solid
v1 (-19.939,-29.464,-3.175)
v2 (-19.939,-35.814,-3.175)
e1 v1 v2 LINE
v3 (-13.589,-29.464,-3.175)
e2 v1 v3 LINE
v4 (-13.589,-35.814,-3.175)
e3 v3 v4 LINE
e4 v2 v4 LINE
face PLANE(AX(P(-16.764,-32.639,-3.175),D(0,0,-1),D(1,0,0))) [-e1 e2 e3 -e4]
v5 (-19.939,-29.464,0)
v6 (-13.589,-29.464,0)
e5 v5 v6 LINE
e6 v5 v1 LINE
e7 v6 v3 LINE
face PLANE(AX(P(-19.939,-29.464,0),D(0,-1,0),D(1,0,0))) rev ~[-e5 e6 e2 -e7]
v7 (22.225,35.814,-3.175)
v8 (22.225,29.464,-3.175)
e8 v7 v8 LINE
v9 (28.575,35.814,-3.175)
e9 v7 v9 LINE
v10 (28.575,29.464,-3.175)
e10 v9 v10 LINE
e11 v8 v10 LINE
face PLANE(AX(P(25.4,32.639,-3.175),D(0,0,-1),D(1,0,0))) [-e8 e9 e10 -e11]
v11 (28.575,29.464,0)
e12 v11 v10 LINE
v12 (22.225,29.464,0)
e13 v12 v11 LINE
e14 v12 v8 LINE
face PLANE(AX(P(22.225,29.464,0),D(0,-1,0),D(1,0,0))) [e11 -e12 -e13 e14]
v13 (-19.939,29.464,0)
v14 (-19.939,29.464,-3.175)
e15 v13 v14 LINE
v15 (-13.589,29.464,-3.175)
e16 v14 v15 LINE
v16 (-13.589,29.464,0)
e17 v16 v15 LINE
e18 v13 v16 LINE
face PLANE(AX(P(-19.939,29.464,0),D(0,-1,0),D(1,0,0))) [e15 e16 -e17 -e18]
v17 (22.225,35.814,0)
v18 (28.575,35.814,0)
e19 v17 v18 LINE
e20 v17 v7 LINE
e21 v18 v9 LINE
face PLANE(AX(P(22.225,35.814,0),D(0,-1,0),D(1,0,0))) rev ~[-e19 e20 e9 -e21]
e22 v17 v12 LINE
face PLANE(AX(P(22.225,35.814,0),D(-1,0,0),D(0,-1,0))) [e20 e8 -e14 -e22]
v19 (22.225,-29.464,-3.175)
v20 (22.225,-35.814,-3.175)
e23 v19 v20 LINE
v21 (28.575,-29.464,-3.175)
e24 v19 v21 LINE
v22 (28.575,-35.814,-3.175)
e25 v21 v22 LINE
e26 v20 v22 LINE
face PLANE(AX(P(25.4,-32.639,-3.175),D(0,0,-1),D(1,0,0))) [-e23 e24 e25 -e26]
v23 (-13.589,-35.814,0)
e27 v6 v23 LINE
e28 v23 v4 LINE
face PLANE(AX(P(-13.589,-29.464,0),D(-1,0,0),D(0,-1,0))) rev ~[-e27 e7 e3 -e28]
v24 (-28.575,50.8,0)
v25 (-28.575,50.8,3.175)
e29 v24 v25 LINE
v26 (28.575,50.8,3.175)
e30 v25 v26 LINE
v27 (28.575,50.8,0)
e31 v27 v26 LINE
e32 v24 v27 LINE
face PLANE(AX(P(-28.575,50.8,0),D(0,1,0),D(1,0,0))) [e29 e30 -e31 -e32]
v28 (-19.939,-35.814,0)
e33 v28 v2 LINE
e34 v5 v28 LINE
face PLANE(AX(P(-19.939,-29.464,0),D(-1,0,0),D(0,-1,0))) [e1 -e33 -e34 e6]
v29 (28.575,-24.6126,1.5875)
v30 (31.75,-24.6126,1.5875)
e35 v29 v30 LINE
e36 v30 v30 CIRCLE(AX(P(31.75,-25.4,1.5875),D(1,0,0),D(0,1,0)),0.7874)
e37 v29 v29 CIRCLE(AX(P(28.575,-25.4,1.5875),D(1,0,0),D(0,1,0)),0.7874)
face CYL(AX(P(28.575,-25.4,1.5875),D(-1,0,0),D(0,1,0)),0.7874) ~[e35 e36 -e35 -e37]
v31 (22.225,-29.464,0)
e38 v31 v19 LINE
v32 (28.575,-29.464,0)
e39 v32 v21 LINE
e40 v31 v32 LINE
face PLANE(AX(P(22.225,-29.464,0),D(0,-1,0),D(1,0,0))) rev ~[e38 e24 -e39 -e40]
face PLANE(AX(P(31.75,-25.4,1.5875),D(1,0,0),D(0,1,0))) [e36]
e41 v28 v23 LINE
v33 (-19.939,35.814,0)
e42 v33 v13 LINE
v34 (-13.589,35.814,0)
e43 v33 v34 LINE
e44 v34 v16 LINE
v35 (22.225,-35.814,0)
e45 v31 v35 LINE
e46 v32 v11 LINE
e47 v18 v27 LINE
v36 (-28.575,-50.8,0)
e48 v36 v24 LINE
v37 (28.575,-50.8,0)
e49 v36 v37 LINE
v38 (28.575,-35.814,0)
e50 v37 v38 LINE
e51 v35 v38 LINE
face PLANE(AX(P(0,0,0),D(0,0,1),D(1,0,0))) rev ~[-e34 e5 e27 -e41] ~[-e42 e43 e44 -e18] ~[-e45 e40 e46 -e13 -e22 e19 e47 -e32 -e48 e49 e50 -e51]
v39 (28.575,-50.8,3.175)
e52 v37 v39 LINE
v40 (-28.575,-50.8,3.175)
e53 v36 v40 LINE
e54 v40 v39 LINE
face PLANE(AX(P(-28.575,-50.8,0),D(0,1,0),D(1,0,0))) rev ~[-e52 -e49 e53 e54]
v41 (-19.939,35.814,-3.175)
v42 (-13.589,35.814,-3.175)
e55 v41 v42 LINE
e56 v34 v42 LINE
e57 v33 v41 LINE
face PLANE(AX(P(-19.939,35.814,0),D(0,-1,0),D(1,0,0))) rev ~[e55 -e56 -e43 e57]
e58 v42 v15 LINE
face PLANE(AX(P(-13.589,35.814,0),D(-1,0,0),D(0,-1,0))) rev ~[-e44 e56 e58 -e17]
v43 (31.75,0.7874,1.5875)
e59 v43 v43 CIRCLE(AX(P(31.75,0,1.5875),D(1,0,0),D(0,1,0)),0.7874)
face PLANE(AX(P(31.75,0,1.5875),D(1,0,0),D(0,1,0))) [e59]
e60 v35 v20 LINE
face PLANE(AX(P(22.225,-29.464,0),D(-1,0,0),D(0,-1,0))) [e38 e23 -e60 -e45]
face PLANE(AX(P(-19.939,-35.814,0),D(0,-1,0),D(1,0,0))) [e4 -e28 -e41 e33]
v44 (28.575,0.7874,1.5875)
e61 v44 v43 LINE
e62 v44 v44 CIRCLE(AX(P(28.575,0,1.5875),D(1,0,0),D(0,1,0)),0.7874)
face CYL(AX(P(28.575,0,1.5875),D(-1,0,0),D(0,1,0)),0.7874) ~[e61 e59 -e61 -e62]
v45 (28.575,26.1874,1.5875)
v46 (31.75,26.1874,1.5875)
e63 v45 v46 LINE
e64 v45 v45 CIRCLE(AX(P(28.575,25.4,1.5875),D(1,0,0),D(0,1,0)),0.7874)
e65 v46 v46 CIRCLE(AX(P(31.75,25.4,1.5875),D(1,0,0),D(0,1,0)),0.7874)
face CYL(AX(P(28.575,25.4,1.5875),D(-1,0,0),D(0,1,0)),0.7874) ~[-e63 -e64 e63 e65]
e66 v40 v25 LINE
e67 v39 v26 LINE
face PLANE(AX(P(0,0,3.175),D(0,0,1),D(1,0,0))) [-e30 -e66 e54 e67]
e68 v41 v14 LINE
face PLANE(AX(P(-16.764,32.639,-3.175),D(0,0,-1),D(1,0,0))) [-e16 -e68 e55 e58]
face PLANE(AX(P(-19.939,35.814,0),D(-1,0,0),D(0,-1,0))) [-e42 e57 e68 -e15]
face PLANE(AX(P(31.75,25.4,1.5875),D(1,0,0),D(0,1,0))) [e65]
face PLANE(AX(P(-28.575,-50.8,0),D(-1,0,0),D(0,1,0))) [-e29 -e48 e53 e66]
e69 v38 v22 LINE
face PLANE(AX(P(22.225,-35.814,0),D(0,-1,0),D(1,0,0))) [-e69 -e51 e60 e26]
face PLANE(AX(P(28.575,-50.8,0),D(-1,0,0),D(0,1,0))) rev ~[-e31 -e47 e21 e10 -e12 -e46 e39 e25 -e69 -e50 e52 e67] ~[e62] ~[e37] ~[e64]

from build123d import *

# Parameters (mm, degrees)
F0_W     = 57.15
F0_H     = 101.6
F1_DEPTH = 3.175
F2_R     = 0.7874
F3_DEPTH = 3.175
F4_W     = 6.35
F4_H     = 6.35
F5_DEPTH = 3.175


with BuildPart() as f1:
    # F0 (on Top) → F1 (new body)
    with BuildSketch(Plane.XY):
        Rectangle(F0_W, F0_H)
    extrude(amount=F1_DEPTH)

    # F2 (on face) → F3 (join)
    with BuildSketch(Plane.YZ.offset(28.575)):
        with Locations((0, 1.5875)):
            Circle(F2_R)
        with Locations((25.4, 1.5875)):
            Circle(F2_R)
        with Locations((-25.4, 1.5875)):
            Circle(F2_R)
    extrude(amount=F3_DEPTH)

    # F4 (on face) → F5 (join)
    with BuildSketch(Plane(origin=(0, 0, 0), x_dir=(1, 0, 0), z_dir=(0, 0, -1))):
        with Locations((-16.764, 32.639)):
            Rectangle(F4_W, F4_H)
        with Locations((-16.764, -32.639)):
            Rectangle(F4_W, F4_H)
        with Locations((25.4, -32.639)):
            Rectangle(F4_W, F4_H)
        with Locations((25.4, 32.639)):
            Rectangle(F4_W, F4_H)
    extrude(amount=F5_DEPTH)


solid = f1.part
